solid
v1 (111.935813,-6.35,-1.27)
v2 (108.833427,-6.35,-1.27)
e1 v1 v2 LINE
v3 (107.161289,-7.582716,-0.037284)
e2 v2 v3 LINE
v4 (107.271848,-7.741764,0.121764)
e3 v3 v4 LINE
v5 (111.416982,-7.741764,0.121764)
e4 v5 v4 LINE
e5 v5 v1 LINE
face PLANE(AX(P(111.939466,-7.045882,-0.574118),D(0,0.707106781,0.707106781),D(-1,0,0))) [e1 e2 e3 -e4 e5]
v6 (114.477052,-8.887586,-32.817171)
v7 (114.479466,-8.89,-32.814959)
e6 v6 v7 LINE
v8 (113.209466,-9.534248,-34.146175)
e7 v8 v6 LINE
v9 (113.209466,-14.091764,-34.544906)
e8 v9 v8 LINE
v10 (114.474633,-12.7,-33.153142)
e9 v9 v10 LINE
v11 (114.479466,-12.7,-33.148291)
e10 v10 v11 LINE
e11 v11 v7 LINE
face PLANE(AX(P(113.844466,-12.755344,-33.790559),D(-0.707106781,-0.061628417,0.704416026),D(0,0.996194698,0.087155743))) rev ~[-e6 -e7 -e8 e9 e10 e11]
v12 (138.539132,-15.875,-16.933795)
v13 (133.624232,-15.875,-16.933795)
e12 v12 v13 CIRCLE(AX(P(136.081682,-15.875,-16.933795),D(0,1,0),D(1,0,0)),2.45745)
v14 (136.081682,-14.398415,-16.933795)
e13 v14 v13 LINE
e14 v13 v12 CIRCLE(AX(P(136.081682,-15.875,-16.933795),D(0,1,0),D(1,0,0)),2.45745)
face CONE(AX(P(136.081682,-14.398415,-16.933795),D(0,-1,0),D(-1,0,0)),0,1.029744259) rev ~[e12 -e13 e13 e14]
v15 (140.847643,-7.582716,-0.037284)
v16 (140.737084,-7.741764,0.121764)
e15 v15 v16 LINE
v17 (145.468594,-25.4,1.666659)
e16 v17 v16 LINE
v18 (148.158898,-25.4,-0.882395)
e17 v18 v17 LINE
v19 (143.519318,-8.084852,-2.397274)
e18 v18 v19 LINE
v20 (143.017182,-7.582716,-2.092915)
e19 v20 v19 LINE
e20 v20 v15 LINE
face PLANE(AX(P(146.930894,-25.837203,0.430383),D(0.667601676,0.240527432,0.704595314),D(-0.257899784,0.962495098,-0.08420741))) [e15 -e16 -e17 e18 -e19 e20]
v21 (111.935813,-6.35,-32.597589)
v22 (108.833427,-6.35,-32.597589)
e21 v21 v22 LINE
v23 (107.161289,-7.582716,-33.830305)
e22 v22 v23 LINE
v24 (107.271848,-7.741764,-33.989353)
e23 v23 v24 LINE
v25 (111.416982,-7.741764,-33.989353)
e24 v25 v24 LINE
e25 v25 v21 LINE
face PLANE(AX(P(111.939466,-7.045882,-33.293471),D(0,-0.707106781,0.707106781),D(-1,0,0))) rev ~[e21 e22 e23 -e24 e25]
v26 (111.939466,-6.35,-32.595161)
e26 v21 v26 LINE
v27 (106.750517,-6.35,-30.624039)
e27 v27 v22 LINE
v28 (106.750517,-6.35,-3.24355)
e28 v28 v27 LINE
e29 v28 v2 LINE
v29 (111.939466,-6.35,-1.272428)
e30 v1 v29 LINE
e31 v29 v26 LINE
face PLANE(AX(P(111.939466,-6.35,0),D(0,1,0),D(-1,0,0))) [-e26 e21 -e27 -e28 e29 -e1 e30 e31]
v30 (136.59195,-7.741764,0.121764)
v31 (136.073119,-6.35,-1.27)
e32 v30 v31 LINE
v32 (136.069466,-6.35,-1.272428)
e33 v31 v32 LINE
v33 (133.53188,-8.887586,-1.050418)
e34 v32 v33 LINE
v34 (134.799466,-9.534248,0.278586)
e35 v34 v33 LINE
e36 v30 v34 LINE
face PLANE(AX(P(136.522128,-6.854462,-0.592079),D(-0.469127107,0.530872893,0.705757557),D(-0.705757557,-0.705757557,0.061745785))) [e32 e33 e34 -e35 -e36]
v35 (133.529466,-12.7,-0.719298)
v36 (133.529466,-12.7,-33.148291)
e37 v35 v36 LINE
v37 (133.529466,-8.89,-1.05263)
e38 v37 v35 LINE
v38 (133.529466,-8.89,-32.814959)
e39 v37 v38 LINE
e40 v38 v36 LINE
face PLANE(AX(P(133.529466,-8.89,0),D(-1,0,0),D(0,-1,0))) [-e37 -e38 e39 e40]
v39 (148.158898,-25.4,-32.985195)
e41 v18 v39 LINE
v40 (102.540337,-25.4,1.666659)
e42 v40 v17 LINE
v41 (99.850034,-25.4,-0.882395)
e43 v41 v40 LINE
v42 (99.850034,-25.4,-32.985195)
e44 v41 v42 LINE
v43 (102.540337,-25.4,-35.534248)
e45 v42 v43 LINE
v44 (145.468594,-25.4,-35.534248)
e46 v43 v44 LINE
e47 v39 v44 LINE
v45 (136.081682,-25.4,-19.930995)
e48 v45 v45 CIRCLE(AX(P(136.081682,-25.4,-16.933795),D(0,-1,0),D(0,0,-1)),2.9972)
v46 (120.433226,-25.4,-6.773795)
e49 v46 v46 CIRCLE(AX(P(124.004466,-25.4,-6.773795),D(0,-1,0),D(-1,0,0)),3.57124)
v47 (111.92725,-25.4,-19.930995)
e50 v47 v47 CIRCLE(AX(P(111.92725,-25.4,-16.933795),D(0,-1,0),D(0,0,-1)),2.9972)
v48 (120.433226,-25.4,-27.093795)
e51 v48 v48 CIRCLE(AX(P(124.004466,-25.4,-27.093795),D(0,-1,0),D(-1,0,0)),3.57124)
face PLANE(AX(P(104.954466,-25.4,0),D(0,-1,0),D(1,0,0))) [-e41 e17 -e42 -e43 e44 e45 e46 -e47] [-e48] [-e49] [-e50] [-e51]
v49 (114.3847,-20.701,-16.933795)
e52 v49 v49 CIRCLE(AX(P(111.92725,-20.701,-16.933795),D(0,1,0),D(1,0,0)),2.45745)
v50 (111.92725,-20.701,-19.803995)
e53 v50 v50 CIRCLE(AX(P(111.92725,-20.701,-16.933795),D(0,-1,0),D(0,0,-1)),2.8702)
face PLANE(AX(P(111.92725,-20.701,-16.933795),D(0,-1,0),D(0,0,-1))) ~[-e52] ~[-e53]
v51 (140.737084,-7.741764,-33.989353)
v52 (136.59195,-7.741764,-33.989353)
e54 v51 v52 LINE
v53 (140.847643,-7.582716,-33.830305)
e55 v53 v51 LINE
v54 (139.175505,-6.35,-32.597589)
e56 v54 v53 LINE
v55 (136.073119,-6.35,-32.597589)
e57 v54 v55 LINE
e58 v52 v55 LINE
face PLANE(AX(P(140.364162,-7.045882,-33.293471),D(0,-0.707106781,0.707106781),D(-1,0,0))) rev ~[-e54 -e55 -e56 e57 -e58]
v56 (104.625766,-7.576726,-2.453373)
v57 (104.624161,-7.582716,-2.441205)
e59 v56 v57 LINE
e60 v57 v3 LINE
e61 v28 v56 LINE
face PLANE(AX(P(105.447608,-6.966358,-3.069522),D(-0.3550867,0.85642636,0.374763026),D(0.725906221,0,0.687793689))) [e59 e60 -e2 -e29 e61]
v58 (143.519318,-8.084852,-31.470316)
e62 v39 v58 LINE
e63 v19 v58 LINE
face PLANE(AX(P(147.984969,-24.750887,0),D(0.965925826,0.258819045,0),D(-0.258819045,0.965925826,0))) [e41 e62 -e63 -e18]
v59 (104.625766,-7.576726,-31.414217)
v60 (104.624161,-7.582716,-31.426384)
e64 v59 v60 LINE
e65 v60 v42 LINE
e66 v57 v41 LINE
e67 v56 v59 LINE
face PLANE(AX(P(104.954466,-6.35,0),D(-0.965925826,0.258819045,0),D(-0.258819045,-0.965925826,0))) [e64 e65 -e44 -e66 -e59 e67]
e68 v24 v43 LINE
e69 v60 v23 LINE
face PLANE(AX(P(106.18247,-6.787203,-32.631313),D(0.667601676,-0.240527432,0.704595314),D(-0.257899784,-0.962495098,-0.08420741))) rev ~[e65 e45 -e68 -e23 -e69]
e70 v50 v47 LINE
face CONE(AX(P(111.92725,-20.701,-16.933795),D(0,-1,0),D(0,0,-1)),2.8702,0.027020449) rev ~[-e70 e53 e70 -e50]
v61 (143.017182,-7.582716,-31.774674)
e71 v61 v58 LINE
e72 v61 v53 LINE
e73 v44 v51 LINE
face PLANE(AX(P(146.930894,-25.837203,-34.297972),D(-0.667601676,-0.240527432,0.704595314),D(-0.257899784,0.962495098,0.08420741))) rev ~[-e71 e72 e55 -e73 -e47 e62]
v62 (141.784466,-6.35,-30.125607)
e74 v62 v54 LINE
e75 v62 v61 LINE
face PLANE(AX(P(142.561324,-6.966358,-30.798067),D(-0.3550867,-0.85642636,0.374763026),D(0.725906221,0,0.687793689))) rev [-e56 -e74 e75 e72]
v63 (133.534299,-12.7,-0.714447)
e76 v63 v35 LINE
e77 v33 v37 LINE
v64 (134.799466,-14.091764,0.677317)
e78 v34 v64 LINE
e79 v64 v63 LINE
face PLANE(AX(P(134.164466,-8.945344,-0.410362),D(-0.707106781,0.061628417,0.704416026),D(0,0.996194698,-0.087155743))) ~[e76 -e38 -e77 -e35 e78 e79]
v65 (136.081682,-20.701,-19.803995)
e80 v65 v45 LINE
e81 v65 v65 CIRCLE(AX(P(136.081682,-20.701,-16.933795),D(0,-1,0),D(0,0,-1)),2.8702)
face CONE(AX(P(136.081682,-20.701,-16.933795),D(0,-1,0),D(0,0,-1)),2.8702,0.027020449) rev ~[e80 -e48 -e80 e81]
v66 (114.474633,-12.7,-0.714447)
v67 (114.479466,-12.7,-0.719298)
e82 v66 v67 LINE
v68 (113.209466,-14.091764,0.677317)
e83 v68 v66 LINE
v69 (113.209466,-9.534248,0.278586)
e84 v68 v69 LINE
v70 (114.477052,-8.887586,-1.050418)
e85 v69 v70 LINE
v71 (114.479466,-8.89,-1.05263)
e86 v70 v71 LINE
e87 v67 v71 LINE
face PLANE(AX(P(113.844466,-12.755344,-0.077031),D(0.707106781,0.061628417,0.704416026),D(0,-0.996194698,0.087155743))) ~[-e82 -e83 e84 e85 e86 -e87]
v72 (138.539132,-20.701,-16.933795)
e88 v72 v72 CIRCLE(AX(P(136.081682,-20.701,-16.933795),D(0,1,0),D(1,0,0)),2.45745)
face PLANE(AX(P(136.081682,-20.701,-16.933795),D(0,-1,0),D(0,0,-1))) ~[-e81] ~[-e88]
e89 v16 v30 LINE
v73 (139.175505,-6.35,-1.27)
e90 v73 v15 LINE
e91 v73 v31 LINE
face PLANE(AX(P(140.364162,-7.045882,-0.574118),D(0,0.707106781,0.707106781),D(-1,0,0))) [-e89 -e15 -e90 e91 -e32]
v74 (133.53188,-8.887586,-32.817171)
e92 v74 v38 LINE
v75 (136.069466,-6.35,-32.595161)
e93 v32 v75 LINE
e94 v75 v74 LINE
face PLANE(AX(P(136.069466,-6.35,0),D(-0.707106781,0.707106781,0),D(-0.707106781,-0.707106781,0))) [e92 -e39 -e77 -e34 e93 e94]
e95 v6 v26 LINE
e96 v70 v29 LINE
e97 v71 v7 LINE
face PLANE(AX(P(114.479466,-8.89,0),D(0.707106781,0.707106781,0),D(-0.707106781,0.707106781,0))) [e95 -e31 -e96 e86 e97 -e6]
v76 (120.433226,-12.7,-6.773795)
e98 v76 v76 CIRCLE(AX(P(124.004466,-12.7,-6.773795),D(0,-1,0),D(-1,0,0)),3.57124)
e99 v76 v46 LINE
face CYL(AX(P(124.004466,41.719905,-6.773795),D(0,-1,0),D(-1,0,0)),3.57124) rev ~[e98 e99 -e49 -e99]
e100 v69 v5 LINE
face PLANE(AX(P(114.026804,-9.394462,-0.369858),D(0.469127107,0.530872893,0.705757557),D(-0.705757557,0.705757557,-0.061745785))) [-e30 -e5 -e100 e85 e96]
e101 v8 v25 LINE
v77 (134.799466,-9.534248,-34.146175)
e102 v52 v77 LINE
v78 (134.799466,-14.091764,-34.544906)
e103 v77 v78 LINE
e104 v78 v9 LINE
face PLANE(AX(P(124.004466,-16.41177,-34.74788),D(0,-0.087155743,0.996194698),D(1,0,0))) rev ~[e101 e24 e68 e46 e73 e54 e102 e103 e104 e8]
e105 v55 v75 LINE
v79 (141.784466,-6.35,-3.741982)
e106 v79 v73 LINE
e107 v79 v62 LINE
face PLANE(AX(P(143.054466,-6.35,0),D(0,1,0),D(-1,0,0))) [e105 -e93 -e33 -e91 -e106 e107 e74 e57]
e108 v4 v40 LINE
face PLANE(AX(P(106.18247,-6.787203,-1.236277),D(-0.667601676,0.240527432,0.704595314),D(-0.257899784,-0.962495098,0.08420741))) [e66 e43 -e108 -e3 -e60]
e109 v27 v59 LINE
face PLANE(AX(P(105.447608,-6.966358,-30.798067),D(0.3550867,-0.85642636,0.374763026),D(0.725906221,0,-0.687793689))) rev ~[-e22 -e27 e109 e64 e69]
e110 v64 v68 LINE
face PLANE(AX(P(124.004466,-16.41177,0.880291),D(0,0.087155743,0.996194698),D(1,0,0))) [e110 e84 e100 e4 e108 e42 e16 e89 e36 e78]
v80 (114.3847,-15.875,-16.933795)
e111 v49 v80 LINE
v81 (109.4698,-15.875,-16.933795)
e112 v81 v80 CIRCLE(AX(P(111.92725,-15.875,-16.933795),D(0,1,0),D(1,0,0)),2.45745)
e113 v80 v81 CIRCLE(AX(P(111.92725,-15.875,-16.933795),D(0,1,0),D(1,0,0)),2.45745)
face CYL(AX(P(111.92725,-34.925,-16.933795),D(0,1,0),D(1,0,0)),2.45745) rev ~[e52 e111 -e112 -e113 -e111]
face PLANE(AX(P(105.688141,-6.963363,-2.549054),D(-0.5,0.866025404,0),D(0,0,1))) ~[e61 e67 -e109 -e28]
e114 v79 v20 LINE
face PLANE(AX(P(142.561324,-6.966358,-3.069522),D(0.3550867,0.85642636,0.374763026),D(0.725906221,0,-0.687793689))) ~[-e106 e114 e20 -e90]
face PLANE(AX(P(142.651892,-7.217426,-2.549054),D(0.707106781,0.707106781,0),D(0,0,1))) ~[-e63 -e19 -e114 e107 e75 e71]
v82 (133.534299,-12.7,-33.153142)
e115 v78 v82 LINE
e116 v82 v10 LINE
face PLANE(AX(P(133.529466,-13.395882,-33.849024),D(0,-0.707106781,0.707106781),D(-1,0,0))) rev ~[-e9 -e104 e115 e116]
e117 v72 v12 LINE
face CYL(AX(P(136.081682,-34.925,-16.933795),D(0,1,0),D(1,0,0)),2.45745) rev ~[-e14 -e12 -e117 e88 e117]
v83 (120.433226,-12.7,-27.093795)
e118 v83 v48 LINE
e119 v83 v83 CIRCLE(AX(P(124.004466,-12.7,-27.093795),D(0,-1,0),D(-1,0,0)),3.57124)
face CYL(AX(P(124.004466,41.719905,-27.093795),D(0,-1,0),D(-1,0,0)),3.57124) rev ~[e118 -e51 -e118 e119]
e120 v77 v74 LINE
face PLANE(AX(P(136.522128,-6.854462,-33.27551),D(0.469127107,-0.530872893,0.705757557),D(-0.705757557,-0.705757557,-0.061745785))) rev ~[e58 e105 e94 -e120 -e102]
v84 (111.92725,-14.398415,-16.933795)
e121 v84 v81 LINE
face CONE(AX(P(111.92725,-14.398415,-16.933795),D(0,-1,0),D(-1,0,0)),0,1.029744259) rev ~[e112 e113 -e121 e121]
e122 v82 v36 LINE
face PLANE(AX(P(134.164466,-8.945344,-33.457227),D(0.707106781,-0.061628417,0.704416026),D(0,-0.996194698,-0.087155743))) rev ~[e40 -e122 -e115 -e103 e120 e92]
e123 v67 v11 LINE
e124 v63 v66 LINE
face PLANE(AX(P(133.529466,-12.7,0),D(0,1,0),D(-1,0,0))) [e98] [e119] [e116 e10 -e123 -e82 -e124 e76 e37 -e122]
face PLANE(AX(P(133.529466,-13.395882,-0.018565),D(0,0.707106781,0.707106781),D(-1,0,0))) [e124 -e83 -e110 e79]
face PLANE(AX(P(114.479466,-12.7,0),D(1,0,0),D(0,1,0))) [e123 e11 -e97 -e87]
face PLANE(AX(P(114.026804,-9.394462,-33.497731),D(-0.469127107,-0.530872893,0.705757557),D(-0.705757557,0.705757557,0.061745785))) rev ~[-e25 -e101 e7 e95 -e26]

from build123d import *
from OCP.BRepFilletAPI import BRepFilletAPI_MakeChamfer

# Parameters (mm, degrees)
BOSS_EXTRUDE1_DEPTH       = 33.86758938
F_1_4_CLEARANCE_HOLE1_D   = 7.14248
DRAFT1_ANGLE              = 15
DRAFT2_ANGLE              = 15
DRAFT3_ANGLE              = 5
DRAFT4_ANGLE              = 5
CHAMFER1_SIZE             = 2.54
CHAMFER1_SIZE2            = 2.599295174
CHAMFER2_SIZE             = 1.27
CHAMFER2_SIZE2            = 1.356155551
CHAMFER2_SIZE2_2          = 1.397079842
CHAMFER2_SIZE2_3          = 1.796051224
CHAMFER2_SIZE2_4          = 1.739452222
HOLE1_AT_2_COUNT          = 2
HOLE1_AT_2_PITCH          = 24.154432116
F_8_CLEARANCE_HOLE1_D     = 4.9149
F_8_CLEARANCE_HOLE1_DEPTH = 9.525
F_8_CLEARANCE_HOLE1_TIP   = 1.476584928


with BuildPart() as part:
    # Sketch1 → Boss-Extrude1 (new body)
    with BuildSketch(Plane.XY):
        Polygon((133.529465969, -12.7), (114.479465969, -12.7), (114.479465969, -8.89), (111.939465969, -6.35), (107.494465969, -6.35), (104.954465969, -6.35), (104.954465969, -25.4), (143.054465969, -25.4), (143.054465969, -6.35), (140.514465969, -6.35), (136.069465969, -6.35), (133.529465969, -8.89), align=None)
    extrude(amount=-BOSS_EXTRUDE1_DEPTH)

    # 1/4 Clearance Hole1 (through all)
    with Locations(Plane(origin=(0, -12.7, 0), x_dir=(1, 0, 0), z_dir=(0, 1, 0))):
        with Locations((124.004465969, 6.77379469), (124.004465969, 27.09379469)):
            Hole(F_1_4_CLEARANCE_HOLE1_D / 2)

    # Draft1
    draft1_faces = [part.faces().sort_by_distance(p)[0] for p in [
        (143.054465969, -15.875, -16.93379469),
    ]]
    draft(draft1_faces, Plane(origin=(140.514465969, -6.35, -76.464684351), x_dir=(1, 0, 0), z_dir=(0, 1, 0)), DRAFT1_ANGLE)

    # Draft2
    draft2_faces = [part.faces().sort_by_distance(p)[0] for p in [
        (104.954465969, -15.875, -16.93379469),
    ]]
    draft(draft2_faces, Plane(origin=(140.514465969, -6.35, -76.464684351), x_dir=(1, 0, 0), z_dir=(0, 1, 0)), DRAFT2_ANGLE)

    # Draft3
    draft3_faces = [part.faces().sort_by_distance(p)[0] for p in [
        (124.004465969, -17.503560526, 0),
    ]]
    draft(draft3_faces, Plane(origin=(140.514465969, -6.35, -76.464684351), x_dir=(1, 0, 0), z_dir=(0, 1, 0)), DRAFT3_ANGLE)

    # Draft4
    draft4_faces = [part.faces().sort_by_distance(p)[0] for p in [
        (124.004465969, -17.503560526, -33.86758938),
    ]]
    draft(draft4_faces, Plane(origin=(140.514465969, -6.35, -76.464684351), x_dir=(1, 0, 0), z_dir=(0, 1, 0)), DRAFT4_ANGLE)

    # Chamfer1: one chamfer whose edges measure the first distance from different faces: ONE call of the kernel's chamfer builder (chamfer() names one face for all edges)
    chamfer1_edges_1 = [part.edges().sort_by_distance(p)[0] for p in [
        (145.606682027, -15.875, 0.83332952),
        (145.606682027, -15.875, -34.7009189),
    ]]
    chamfer1_side_1 = [part.faces().sort_by_distance(p)[0] for p in [
        (145.646584132, -16.023916684, -16.93379469),
    ]]
    chamfer1_edges_2 = [part.edges().sort_by_distance(p)[0] for p in [
        (102.402249911, -15.875, 0.83332952),
        (102.402249911, -15.875, -34.7009189),
    ]]
    chamfer1_side_2 = [part.faces().sort_by_distance(p)[0] for p in [
        (102.362347806, -16.023916684, -16.93379469),
    ]]
    chamfer1 = BRepFilletAPI_MakeChamfer(part.part.solid().wrapped)
    for e in chamfer1_edges_1:
        chamfer1.Add(CHAMFER1_SIZE, CHAMFER1_SIZE2, e.wrapped, chamfer1_side_1[0].wrapped)  # the first distance lies on this face
    for e in chamfer1_edges_2:
        chamfer1.Add(CHAMFER1_SIZE, CHAMFER1_SIZE2, e.wrapped, chamfer1_side_2[0].wrapped)  # the first distance lies on this face
    add(Compound.cast(chamfer1.Shape()), mode=Mode.REPLACE)

    # Chamfer2: one chamfer whose edges measure the first distance from different faces: ONE call of the kernel's chamfer builder (chamfer() names one face for all edges)
    chamfer2_edges_1 = [part.edges().sort_by_distance(p)[0] for p in [
        (134.799465969, -7.62, 0.111110603),
        (134.799465969, -7.62, -33.978699983),
    ]]
    chamfer2_side_1 = [part.faces().sort_by_distance(p)[0] for p in [
        (134.796706387, -7.622759582, -16.93379469),
    ]]
    chamfer2_edges_2 = [part.edges().sort_by_distance(p)[0] for p in [
        (109.792117792, -6.35, 0),
        (109.792117792, -6.35, -33.86758938),
    ]]
    chamfer2_side_2 = [part.faces().sort_by_distance(p)[0] for p in [
        (108.524459453, -6.35, -16.93379469),
    ]]
    chamfer2_edges_3 = [part.edges().sort_by_distance(p)[0] for p in [
        (113.209465969, -7.62, 0.111110603),
        (113.209465969, -7.62, -33.978699983),
    ]]
    chamfer2_side_3 = [part.faces().sort_by_distance(p)[0] for p in [
        (113.212225552, -7.622759582, -16.93379469),
    ]]
    chamfer2_edges_4 = [part.edges().sort_by_distance(p)[0] for p in [
        (114.479465969, -10.795, 0.388887109),
        (133.529465969, -10.795, 0.388887109),
        (114.479465969, -10.795, -34.256476489),
        (133.529465969, -10.795, -34.256476489),
    ]]
    chamfer2_edges_5 = [part.edges().sort_by_distance(p)[0] for p in [
        (124.004465969, -12.7, 0.555553013),
        (124.004465969, -12.7, -34.423142393),
    ]]
    chamfer2_side_5 = [part.faces().sort_by_distance(p)[0] for p in [
        (124.004465969, -12.7, -16.93379469),
    ]]
    chamfer2_edges_6 = [part.edges().sort_by_distance(p)[0] for p in [
        (138.216814146, -6.35, -33.86758938),
        (138.216814146, -6.35, 0),
    ]]
    chamfer2_side_6 = [part.faces().sort_by_distance(p)[0] for p in [
        (139.484472486, -6.35, -16.93379469),
    ]]
    chamfer2_edges_7 = [part.edges().sort_by_distance(p)[0] for p in [
        (104.954465969, -6.35, -16.93379469),
    ]]
    chamfer2_side_7 = [part.faces().sort_by_distance(p)[0] for p in [
        (102.355664133, -16.048860491, -16.93379469),
    ]]
    chamfer2_edges_8 = [part.edges().sort_by_distance(p)[0] for p in [
        (106.299617792, -6.35, -1.274526802),
    ]]
    chamfer2_side_8 = [part.faces().sort_by_distance(p)[0] for p in [
        (103.747401735, -15.875, -0.441197282),
    ]]
    chamfer2_edges_9 = [part.edges().sort_by_distance(p)[0] for p in [
        (106.299617792, -6.35, -32.593062578),
    ]]
    chamfer2_side_9 = [part.faces().sort_by_distance(p)[0] for p in [
        (103.747401735, -15.875, -33.426392098),
    ]]
    chamfer2_edges_10 = [part.edges().sort_by_distance(p)[0] for p in [
        (143.054465969, -6.35, -16.93379469),
    ]]
    chamfer2_side_10 = [part.faces().sort_by_distance(p)[0] for p in [
        (139.484472486, -6.35, -16.93379469),
    ]]
    chamfer2_edges_11 = [part.edges().sort_by_distance(p)[0] for p in [
        (141.709314146, -6.35, -1.274526802),
    ]]
    chamfer2_side_11 = [part.faces().sort_by_distance(p)[0] for p in [
        (144.261530204, -15.875, -0.441197282),
    ]]
    chamfer2_edges_12 = [part.edges().sort_by_distance(p)[0] for p in [
        (141.709314146, -6.35, -32.593062578),
    ]]
    chamfer2_side_12 = [part.faces().sort_by_distance(p)[0] for p in [
        (144.261530204, -15.875, -33.426392098),
    ]]
    chamfer2 = BRepFilletAPI_MakeChamfer(part.part.solid().wrapped)
    for e in chamfer2_edges_1:
        chamfer2.Add(CHAMFER2_SIZE, CHAMFER2_SIZE2, e.wrapped, chamfer2_side_1[0].wrapped)  # the first distance lies on this face
    for e in chamfer2_edges_2:
        chamfer2.Add(CHAMFER2_SIZE, CHAMFER2_SIZE2_2, e.wrapped, chamfer2_side_2[0].wrapped)  # the first distance lies on this face
    for e in chamfer2_edges_3:
        chamfer2.Add(CHAMFER2_SIZE, CHAMFER2_SIZE2, e.wrapped, chamfer2_side_3[0].wrapped)  # the first distance lies on this face
    for e in chamfer2_edges_4:
        chamfer2.Add(CHAMFER2_SIZE, e.wrapped)
    for e in chamfer2_edges_5:
        chamfer2.Add(CHAMFER2_SIZE, CHAMFER2_SIZE2_2, e.wrapped, chamfer2_side_5[0].wrapped)  # the first distance lies on this face
    for e in chamfer2_edges_6:
        chamfer2.Add(CHAMFER2_SIZE, CHAMFER2_SIZE2_2, e.wrapped, chamfer2_side_6[0].wrapped)  # the first distance lies on this face
    for e in chamfer2_edges_7:
        chamfer2.Add(CHAMFER2_SIZE, CHAMFER2_SIZE2_3, e.wrapped, chamfer2_side_7[0].wrapped)  # the first distance lies on this face
    for e in chamfer2_edges_8:
        chamfer2.Add(CHAMFER2_SIZE, CHAMFER2_SIZE2_4, e.wrapped, chamfer2_side_8[0].wrapped)  # the first distance lies on this face
    for e in chamfer2_edges_9:
        chamfer2.Add(CHAMFER2_SIZE, CHAMFER2_SIZE2_4, e.wrapped, chamfer2_side_9[0].wrapped)  # the first distance lies on this face
    for e in chamfer2_edges_10:
        chamfer2.Add(CHAMFER2_SIZE, CHAMFER2_SIZE2_3, e.wrapped, chamfer2_side_10[0].wrapped)  # the first distance lies on this face
    for e in chamfer2_edges_11:
        chamfer2.Add(CHAMFER2_SIZE, CHAMFER2_SIZE2_4, e.wrapped, chamfer2_side_11[0].wrapped)  # the first distance lies on this face
    for e in chamfer2_edges_12:
        chamfer2.Add(CHAMFER2_SIZE, CHAMFER2_SIZE2_4, e.wrapped, chamfer2_side_12[0].wrapped)  # the first distance lies on this face
    add(Compound.cast(chamfer2.Shape()), mode=Mode.REPLACE)

    # Sketch5 → Hole1 (revolve, cut)
    with BuildSketch(Plane(origin=(111.927249911, -25.4, -16.93379469), x_dir=(0, 0, -1), z_dir=(1, 0, 0))):
        Polygon((0, 0), (0, 4.699), (2.8702, 4.699), (2.9972, 0), align=None)
    hole1 = revolve(axis=Axis((111.927249911, 84.6, -16.93379469), (0, -1, 0)), mode=Mode.SUBTRACT)

    # Hole1 at 2: Hole1 ×2
    with Locations(*[(i * HOLE1_AT_2_PITCH, 0, 0) for i in range(1, HOLE1_AT_2_COUNT)]):
        add(hole1, mode=Mode.SUBTRACT)

    # #8 Clearance Hole1
    with Locations(Plane(origin=(0, -25.4, 0), x_dir=(-1, 0, 0), z_dir=(0, -1, 0))):
        with Locations((-136.081682027, 16.93379469), (-111.927249911, 16.93379469)):
            Hole(F_8_CLEARANCE_HOLE1_D / 2, depth=F_8_CLEARANCE_HOLE1_DEPTH)
            with Locations((0, 0, -(F_8_CLEARANCE_HOLE1_DEPTH + F_8_CLEARANCE_HOLE1_TIP / 2))):  # 118° drill point
                Cone(0, F_8_CLEARANCE_HOLE1_D / 2, F_8_CLEARANCE_HOLE1_TIP, mode=Mode.SUBTRACT)


solid = part.part
